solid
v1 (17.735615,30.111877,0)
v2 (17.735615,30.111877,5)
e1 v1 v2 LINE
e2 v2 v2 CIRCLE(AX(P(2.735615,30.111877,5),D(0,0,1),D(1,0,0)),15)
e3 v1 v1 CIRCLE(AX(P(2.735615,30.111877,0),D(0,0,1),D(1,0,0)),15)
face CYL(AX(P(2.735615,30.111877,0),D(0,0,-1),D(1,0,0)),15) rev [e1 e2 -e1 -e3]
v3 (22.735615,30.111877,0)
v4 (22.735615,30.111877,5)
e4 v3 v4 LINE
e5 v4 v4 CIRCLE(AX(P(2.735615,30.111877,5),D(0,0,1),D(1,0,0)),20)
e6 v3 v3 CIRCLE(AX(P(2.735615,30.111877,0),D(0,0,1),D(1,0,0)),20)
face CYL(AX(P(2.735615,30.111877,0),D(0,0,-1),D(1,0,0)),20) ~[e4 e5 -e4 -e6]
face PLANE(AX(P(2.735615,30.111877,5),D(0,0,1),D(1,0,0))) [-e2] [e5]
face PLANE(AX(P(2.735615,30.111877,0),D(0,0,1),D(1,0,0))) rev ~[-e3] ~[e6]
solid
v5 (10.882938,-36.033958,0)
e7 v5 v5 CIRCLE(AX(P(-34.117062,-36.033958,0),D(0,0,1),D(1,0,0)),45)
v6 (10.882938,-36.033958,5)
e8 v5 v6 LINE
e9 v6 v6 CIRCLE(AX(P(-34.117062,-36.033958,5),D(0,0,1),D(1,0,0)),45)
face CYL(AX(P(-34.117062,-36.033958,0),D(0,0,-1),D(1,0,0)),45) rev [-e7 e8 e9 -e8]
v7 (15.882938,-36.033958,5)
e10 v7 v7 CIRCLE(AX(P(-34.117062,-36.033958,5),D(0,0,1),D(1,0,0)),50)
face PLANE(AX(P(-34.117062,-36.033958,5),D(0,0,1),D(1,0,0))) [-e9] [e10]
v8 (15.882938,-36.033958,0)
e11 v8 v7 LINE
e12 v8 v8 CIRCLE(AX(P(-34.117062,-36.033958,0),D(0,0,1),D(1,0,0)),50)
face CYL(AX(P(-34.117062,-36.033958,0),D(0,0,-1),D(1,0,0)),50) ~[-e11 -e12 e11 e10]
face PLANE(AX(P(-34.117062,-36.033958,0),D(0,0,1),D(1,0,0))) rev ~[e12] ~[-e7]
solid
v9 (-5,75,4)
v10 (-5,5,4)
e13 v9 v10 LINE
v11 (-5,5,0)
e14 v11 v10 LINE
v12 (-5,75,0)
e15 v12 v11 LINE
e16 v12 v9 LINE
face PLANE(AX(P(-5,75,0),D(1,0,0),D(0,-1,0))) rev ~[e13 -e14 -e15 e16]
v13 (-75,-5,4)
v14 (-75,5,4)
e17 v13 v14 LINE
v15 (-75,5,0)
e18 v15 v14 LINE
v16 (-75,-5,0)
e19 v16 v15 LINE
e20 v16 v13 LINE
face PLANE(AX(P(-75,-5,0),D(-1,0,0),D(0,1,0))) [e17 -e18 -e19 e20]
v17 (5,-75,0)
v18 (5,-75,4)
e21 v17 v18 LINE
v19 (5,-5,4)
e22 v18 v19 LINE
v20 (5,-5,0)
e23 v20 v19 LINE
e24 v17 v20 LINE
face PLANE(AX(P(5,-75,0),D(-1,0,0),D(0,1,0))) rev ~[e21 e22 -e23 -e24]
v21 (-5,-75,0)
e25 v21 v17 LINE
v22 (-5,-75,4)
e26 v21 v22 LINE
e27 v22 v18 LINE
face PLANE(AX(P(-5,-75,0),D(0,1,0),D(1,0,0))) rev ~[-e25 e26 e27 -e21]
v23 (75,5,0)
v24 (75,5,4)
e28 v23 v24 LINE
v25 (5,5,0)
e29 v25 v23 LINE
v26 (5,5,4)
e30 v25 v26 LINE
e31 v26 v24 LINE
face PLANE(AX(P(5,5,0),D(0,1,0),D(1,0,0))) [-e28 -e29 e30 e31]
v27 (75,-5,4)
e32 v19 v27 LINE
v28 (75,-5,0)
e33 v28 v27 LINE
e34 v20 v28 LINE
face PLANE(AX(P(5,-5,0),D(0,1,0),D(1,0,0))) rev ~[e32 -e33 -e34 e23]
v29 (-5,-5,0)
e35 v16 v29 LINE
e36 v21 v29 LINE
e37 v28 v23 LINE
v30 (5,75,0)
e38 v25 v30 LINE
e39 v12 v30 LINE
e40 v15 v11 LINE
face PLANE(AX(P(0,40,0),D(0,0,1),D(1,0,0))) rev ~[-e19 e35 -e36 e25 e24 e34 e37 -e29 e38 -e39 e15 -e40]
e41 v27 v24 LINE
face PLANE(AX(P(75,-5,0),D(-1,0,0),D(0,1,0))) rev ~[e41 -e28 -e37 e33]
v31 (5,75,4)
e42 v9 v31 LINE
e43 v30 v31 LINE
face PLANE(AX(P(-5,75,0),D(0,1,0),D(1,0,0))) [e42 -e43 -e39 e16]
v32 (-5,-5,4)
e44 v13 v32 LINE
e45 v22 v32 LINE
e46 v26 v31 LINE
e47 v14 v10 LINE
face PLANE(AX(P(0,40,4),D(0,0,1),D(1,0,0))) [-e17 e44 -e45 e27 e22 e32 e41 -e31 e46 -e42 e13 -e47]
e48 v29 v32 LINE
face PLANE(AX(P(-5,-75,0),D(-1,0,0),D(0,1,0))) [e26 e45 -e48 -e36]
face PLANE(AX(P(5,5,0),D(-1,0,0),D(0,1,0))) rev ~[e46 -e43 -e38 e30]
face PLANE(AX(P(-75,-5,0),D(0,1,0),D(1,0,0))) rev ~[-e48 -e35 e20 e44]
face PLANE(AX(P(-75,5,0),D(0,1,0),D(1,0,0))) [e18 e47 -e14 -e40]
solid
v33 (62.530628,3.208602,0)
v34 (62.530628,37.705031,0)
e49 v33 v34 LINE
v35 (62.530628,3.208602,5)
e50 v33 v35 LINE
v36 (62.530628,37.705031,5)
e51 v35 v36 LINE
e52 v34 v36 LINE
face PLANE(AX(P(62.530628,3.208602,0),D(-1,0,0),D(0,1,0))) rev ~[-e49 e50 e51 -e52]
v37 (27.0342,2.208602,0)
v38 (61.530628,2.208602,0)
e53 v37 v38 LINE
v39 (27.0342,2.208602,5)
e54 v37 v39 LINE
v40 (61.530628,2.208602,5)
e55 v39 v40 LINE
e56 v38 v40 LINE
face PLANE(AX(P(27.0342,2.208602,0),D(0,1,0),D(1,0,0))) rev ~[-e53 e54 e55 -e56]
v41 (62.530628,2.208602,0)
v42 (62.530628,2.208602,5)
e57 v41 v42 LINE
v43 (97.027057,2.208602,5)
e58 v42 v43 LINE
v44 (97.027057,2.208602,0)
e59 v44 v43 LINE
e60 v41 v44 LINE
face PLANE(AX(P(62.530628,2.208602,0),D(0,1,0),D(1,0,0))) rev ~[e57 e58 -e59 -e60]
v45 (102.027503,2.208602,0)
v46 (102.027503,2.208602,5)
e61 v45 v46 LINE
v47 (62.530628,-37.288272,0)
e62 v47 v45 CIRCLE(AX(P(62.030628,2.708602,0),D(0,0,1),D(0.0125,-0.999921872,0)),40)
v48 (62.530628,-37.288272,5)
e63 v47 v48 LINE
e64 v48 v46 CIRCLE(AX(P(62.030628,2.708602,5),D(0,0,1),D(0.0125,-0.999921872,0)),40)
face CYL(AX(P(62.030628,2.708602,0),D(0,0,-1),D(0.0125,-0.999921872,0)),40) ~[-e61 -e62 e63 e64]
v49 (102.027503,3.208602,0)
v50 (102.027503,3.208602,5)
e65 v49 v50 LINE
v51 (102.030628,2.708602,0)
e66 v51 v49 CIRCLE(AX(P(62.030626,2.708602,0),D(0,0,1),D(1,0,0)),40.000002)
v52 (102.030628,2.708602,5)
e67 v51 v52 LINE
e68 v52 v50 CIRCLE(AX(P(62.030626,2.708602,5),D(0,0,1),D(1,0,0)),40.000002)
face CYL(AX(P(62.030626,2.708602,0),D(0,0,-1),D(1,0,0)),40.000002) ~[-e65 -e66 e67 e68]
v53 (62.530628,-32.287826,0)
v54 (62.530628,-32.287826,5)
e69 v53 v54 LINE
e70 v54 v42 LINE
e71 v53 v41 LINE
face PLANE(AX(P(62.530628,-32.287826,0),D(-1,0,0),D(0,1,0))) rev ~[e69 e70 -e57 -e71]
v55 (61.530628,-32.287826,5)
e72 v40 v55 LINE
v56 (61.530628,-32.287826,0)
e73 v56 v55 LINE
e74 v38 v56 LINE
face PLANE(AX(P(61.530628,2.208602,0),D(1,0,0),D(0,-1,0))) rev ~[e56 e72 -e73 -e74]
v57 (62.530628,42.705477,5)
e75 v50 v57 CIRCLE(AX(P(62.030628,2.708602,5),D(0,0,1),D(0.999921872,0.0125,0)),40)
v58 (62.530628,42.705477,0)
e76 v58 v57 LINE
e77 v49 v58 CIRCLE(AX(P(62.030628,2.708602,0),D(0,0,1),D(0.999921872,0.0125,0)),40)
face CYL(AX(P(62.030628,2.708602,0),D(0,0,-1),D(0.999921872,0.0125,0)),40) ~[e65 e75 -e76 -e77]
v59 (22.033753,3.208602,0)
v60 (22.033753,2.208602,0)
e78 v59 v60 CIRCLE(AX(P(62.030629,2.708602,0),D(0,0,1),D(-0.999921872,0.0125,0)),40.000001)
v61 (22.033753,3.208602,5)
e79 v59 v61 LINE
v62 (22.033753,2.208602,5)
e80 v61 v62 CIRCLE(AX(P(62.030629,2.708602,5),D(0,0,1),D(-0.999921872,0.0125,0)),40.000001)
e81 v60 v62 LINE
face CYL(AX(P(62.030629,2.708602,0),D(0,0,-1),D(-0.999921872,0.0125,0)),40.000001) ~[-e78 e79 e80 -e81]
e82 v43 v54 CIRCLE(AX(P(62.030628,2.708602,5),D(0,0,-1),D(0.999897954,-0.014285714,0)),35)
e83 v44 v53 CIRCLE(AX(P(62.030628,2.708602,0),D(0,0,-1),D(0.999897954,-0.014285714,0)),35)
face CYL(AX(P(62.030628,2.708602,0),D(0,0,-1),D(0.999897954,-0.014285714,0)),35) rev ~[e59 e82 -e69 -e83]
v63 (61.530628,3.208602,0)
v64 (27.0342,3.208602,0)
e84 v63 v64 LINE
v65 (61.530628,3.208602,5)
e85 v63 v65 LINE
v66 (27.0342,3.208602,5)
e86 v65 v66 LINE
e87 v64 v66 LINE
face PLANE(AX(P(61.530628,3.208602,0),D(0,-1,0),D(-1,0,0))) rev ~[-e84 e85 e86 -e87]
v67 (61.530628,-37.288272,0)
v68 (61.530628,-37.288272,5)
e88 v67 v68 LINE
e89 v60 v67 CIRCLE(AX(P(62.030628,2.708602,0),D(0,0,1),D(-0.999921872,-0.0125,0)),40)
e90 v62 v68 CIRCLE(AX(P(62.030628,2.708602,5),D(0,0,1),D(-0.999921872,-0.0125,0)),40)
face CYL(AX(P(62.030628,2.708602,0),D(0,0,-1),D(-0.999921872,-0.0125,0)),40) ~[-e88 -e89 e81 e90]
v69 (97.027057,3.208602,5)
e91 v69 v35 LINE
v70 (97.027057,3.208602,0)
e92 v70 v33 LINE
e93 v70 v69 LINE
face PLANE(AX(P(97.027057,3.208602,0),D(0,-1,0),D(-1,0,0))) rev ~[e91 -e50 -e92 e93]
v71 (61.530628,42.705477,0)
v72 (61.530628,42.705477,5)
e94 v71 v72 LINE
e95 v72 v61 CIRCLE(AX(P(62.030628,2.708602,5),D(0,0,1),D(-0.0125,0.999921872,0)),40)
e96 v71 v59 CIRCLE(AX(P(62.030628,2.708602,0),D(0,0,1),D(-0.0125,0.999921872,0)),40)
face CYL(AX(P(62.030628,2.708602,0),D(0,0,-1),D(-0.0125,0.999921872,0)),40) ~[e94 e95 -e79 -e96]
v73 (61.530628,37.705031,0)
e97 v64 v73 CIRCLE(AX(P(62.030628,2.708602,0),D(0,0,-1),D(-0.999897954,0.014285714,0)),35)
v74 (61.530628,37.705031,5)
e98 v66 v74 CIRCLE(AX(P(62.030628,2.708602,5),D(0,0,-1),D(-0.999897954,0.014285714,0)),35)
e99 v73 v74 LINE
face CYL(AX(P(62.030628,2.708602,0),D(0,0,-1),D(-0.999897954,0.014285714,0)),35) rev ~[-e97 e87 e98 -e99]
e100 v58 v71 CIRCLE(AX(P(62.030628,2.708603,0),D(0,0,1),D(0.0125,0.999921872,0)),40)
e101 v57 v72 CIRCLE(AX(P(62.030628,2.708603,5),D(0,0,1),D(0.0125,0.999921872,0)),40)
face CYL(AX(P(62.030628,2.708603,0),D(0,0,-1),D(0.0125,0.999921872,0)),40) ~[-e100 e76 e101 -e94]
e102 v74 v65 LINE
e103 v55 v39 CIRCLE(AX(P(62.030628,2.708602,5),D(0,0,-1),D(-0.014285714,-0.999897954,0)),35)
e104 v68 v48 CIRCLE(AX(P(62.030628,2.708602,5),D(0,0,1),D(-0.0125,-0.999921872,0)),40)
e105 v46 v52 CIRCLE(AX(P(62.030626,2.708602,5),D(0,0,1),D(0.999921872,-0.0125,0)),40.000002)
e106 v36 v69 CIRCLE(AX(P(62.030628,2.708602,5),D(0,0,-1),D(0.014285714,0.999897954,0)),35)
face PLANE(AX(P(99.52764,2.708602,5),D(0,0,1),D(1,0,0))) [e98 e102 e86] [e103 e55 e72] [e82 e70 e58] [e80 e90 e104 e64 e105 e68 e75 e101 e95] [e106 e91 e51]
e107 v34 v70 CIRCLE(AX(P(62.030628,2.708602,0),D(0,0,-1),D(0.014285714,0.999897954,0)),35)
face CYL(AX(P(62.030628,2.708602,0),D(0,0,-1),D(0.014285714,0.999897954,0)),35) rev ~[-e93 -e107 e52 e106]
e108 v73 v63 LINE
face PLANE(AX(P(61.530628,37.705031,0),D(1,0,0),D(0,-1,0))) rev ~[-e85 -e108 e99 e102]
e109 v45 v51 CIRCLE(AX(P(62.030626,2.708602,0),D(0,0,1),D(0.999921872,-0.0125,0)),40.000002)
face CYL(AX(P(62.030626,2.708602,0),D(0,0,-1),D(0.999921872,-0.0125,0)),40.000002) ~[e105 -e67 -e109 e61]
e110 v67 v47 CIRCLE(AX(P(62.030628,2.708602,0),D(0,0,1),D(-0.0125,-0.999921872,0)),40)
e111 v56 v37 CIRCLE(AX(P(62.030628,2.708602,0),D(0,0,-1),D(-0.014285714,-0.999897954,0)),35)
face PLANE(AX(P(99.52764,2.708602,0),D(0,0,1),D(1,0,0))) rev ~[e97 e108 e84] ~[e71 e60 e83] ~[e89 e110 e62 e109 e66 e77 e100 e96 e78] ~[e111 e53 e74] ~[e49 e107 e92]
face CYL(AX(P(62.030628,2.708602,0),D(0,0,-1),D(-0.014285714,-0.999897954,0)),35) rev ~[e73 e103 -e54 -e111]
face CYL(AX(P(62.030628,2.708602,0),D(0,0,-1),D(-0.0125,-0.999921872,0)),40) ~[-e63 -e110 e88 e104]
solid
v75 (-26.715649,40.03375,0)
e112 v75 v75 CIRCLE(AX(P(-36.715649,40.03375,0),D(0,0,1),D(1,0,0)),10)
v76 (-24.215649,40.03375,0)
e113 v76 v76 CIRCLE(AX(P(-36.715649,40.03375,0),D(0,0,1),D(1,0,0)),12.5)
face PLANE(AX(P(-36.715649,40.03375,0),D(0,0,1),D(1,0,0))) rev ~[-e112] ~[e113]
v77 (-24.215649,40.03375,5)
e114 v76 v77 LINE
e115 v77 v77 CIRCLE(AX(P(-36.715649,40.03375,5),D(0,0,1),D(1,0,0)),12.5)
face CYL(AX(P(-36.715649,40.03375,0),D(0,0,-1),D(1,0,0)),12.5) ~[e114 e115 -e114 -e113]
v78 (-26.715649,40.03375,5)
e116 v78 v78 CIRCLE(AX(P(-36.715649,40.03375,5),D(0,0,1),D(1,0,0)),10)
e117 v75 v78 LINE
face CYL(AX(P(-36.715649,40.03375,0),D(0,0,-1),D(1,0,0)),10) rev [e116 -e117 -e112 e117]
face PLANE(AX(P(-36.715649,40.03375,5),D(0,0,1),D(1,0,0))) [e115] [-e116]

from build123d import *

# Parameters (mm, degrees)
F0_W     = 10
F0_H     = 70
F0_H_2   = 10
F0_W_2   = 70
F1_DEPTH = 4
F2_R     = 12.5
F2_R_2   = 10
F3_DEPTH = 5
F2_R_3   = 20
F2_R_4   = 15
F2_W     = 1
F2_H     = 1
F2_R_5   = 50
F2_R_6   = 45


with BuildPart() as f1:
    # F0 (on Top) → F1 (new body)
    with BuildSketch(Plane.XY):
        with Locations((0, 40)):
            Rectangle(F0_W, F0_H)
        Rectangle(F0_W, F0_H_2)
        with Locations((-40, 0)):
            Rectangle(F0_W_2, F0_H_2)
        with Locations((40, 0)):
            Rectangle(F0_W_2, F0_H_2)
        with Locations((0, -40)):
            Rectangle(F0_W, F0_H)
    extrude(amount=F1_DEPTH)


with BuildPart() as f3:
    # F2 (on Top) → F3 (new body)
    with BuildSketch(Plane.XY):
        with Locations((-36.7156490684, 40.033750236)):
            Circle(F2_R)
        with Locations((-36.7156490684, 40.033750236)):
            Circle(F2_R_2, mode=Mode.SUBTRACT)
    extrude(amount=F3_DEPTH)


with BuildPart() as f3b:
    # F2 (on Top) → F3, piece 2 (new body)
    with BuildSketch(Plane.XY):
        with Locations((2.7356152423, 30.1118772477)):
            Circle(F2_R_3)
        with Locations((2.7356152423, 30.1118772477)):
            Circle(F2_R_4, mode=Mode.SUBTRACT)
    extrude(amount=F3_DEPTH)


with BuildPart() as f3c:
    # F2 (on Top) → F3, piece 3 (new body)
    with BuildSketch(Plane.XY):
        with BuildLine():
            ThreePointArc((97.0270567127, 3.2086024638), (97.0297354095, 2.9586088419), (97.0306283236, 2.7086024638))
            ThreePointArc((97.0306283236, 2.7086024638), (97.0297354095, 2.4585960857), (97.0270567127, 2.2086024638))
            Line((97.0270567127, 2.2086024638), (102.0275032015, 2.2086024638))
            ThreePointArc((102.0275032015, 2.2086024638), (102.0298470354, 2.4585975807), (102.0306283236, 2.7086024638))
            ThreePointArc((102.0306283236, 2.7086024638), (102.0298470354, 2.958607347), (102.0275032015, 3.2086024638))
            Line((102.0275032015, 3.2086024638), (97.0270567127, 3.2086024638))
        make_face()
        with BuildLine():
            ThreePointArc((62.5306283236, 37.705030853), (86.7793656651, 27.4573398054), (97.0270567127, 3.2086024638))
            Line((97.0270567127, 3.2086024638), (102.0275032015, 3.2086024638))
            ThreePointArc((102.0275032015, 3.2086024638), (90.314899571, 30.9928737113), (62.5306283236, 42.7054773417))
            Line((62.5306283236, 42.7054773417), (62.5306283236, 37.705030853))
        make_face()
        with BuildLine():
            Line((102.0275032015, 2.2086024638), (97.0270567127, 2.2086024638))
            ThreePointArc((97.0270567127, 2.2086024638), (86.7793656651, -22.0401348777), (62.5306283236, -32.2878259254))
            Line((62.5306283236, -32.2878259254), (62.5306283236, -37.2882724141))
            ThreePointArc((62.5306283236, -37.2882724141), (90.314899571, -25.5756687836), (102.0275032015, 2.2086024638))
        make_face()
        with BuildLine():
            ThreePointArc((61.5306283236, 37.705030853), (62.0306283236, 37.7086024638), (62.5306283236, 37.705030853))
            Line((62.5306283236, 37.705030853), (62.5306283236, 42.7054773417))
            ThreePointArc((62.5306283236, 42.7054773417), (62.0306283236, 42.7086024638), (61.5306283236, 42.7054773417))
            Line((61.5306283236, 42.7054773417), (61.5306283236, 37.705030853))
        make_face()
        with BuildLine():
            Line((62.5306283236, -37.2882724141), (62.5306283236, -32.2878259254))
            ThreePointArc((62.5306283236, -32.2878259254), (62.0306283236, -32.2913975362), (61.5306283236, -32.2878259254))
            Line((61.5306283236, -32.2878259254), (61.5306283236, -37.2882724141))
            ThreePointArc((61.5306283236, -37.2882724141), (62.0306283236, -37.2913975362), (62.5306283236, -37.2882724141))
        make_face()
        with BuildLine():
            ThreePointArc((27.0341999344, 3.2086024638), (37.281890982, 27.4573398054), (61.5306283236, 37.705030853))
            Line((61.5306283236, 37.705030853), (61.5306283236, 42.7054773417))
            ThreePointArc((61.5306283236, 42.7054773417), (33.7463570761, 30.9928737113), (22.0337534456, 3.2086024638))
            Line((22.0337534456, 3.2086024638), (27.0341999344, 3.2086024638))
        make_face()
        with BuildLine():
            Line((61.5306283236, -37.2882724141), (61.5306283236, -32.2878259254))
            ThreePointArc((61.5306283236, -32.2878259254), (37.281890982, -22.0401348777), (27.0341999344, 2.2086024638))
            Line((27.0341999344, 2.2086024638), (22.0337534456, 2.2086024638))
            ThreePointArc((22.0337534456, 2.2086024638), (33.7463570761, -25.5756687836), (61.5306283236, -37.2882724141))
        make_face()
        with BuildLine():
            ThreePointArc((27.0341999344, 2.2086024638), (27.0306283236, 2.7086024638), (27.0341999344, 3.2086024638))
            Line((27.0341999344, 3.2086024638), (22.0337534456, 3.2086024638))
            ThreePointArc((22.0337534456, 3.2086024638), (22.0306283236, 2.7086024638), (22.0337534456, 2.2086024638))
            Line((22.0337534456, 2.2086024638), (27.0341999344, 2.2086024638))
        make_face()
        with BuildLine():
            Line((62.5306283236, 3.2086024638), (62.5306283236, 37.705030853))
            ThreePointArc((62.5306283236, 37.705030853), (62.0306283236, 37.7086024638), (61.5306283236, 37.705030853))
            Line((61.5306283236, 37.705030853), (61.5306283236, 3.2086024638))
            Line((61.5306283236, 3.2086024638), (62.5306283236, 3.2086024638))
        make_face()
        with BuildLine():
            Line((61.5306283236, 2.2086024638), (61.5306283236, 3.2086024638))
            Line((61.5306283236, 3.2086024638), (27.0341999344, 3.2086024638))
            ThreePointArc((27.0341999344, 3.2086024638), (27.0306283236, 2.7086024638), (27.0341999344, 2.2086024638))
            Line((27.0341999344, 2.2086024638), (61.5306283236, 2.2086024638))
        make_face()
        with BuildLine():
            ThreePointArc((97.0270567127, 2.2086024638), (97.0297354095, 2.4585960857), (97.0306283236, 2.7086024638))
            ThreePointArc((97.0306283236, 2.7086024638), (97.0297354095, 2.9586088419), (97.0270567127, 3.2086024638))
            Line((97.0270567127, 3.2086024638), (62.5306283236, 3.2086024638))
            Line((62.5306283236, 3.2086024638), (62.5306283236, 2.2086024638))
            Line((62.5306283236, 2.2086024638), (97.0270567127, 2.2086024638))
        make_face()
        with Locations((62.0306283236, 2.7086024638)):
            Rectangle(F2_W, F2_H)
        with BuildLine():
            ThreePointArc((61.5306283236, -32.2878259254), (62.0306283236, -32.2913975362), (62.5306283236, -32.2878259254))
            Line((62.5306283236, -32.2878259254), (62.5306283236, 2.2086024638))
            Line((62.5306283236, 2.2086024638), (61.5306283236, 2.2086024638))
            Line((61.5306283236, 2.2086024638), (61.5306283236, -32.2878259254))
        make_face()
    extrude(amount=F3_DEPTH)


with BuildPart() as f3d:
    # F2 (on Top) → F3, piece 4 (new body)
    with BuildSketch(Plane.XY):
        with Locations((-34.1170616448, -36.0339581966)):
            Circle(F2_R_5)
        with Locations((-34.1170616448, -36.0339581966)):
            Circle(F2_R_6, mode=Mode.SUBTRACT)
    extrude(amount=F3_DEPTH)


solid = Compound([f1.part, f3.part, f3b.part, f3c.part, f3d.part])
